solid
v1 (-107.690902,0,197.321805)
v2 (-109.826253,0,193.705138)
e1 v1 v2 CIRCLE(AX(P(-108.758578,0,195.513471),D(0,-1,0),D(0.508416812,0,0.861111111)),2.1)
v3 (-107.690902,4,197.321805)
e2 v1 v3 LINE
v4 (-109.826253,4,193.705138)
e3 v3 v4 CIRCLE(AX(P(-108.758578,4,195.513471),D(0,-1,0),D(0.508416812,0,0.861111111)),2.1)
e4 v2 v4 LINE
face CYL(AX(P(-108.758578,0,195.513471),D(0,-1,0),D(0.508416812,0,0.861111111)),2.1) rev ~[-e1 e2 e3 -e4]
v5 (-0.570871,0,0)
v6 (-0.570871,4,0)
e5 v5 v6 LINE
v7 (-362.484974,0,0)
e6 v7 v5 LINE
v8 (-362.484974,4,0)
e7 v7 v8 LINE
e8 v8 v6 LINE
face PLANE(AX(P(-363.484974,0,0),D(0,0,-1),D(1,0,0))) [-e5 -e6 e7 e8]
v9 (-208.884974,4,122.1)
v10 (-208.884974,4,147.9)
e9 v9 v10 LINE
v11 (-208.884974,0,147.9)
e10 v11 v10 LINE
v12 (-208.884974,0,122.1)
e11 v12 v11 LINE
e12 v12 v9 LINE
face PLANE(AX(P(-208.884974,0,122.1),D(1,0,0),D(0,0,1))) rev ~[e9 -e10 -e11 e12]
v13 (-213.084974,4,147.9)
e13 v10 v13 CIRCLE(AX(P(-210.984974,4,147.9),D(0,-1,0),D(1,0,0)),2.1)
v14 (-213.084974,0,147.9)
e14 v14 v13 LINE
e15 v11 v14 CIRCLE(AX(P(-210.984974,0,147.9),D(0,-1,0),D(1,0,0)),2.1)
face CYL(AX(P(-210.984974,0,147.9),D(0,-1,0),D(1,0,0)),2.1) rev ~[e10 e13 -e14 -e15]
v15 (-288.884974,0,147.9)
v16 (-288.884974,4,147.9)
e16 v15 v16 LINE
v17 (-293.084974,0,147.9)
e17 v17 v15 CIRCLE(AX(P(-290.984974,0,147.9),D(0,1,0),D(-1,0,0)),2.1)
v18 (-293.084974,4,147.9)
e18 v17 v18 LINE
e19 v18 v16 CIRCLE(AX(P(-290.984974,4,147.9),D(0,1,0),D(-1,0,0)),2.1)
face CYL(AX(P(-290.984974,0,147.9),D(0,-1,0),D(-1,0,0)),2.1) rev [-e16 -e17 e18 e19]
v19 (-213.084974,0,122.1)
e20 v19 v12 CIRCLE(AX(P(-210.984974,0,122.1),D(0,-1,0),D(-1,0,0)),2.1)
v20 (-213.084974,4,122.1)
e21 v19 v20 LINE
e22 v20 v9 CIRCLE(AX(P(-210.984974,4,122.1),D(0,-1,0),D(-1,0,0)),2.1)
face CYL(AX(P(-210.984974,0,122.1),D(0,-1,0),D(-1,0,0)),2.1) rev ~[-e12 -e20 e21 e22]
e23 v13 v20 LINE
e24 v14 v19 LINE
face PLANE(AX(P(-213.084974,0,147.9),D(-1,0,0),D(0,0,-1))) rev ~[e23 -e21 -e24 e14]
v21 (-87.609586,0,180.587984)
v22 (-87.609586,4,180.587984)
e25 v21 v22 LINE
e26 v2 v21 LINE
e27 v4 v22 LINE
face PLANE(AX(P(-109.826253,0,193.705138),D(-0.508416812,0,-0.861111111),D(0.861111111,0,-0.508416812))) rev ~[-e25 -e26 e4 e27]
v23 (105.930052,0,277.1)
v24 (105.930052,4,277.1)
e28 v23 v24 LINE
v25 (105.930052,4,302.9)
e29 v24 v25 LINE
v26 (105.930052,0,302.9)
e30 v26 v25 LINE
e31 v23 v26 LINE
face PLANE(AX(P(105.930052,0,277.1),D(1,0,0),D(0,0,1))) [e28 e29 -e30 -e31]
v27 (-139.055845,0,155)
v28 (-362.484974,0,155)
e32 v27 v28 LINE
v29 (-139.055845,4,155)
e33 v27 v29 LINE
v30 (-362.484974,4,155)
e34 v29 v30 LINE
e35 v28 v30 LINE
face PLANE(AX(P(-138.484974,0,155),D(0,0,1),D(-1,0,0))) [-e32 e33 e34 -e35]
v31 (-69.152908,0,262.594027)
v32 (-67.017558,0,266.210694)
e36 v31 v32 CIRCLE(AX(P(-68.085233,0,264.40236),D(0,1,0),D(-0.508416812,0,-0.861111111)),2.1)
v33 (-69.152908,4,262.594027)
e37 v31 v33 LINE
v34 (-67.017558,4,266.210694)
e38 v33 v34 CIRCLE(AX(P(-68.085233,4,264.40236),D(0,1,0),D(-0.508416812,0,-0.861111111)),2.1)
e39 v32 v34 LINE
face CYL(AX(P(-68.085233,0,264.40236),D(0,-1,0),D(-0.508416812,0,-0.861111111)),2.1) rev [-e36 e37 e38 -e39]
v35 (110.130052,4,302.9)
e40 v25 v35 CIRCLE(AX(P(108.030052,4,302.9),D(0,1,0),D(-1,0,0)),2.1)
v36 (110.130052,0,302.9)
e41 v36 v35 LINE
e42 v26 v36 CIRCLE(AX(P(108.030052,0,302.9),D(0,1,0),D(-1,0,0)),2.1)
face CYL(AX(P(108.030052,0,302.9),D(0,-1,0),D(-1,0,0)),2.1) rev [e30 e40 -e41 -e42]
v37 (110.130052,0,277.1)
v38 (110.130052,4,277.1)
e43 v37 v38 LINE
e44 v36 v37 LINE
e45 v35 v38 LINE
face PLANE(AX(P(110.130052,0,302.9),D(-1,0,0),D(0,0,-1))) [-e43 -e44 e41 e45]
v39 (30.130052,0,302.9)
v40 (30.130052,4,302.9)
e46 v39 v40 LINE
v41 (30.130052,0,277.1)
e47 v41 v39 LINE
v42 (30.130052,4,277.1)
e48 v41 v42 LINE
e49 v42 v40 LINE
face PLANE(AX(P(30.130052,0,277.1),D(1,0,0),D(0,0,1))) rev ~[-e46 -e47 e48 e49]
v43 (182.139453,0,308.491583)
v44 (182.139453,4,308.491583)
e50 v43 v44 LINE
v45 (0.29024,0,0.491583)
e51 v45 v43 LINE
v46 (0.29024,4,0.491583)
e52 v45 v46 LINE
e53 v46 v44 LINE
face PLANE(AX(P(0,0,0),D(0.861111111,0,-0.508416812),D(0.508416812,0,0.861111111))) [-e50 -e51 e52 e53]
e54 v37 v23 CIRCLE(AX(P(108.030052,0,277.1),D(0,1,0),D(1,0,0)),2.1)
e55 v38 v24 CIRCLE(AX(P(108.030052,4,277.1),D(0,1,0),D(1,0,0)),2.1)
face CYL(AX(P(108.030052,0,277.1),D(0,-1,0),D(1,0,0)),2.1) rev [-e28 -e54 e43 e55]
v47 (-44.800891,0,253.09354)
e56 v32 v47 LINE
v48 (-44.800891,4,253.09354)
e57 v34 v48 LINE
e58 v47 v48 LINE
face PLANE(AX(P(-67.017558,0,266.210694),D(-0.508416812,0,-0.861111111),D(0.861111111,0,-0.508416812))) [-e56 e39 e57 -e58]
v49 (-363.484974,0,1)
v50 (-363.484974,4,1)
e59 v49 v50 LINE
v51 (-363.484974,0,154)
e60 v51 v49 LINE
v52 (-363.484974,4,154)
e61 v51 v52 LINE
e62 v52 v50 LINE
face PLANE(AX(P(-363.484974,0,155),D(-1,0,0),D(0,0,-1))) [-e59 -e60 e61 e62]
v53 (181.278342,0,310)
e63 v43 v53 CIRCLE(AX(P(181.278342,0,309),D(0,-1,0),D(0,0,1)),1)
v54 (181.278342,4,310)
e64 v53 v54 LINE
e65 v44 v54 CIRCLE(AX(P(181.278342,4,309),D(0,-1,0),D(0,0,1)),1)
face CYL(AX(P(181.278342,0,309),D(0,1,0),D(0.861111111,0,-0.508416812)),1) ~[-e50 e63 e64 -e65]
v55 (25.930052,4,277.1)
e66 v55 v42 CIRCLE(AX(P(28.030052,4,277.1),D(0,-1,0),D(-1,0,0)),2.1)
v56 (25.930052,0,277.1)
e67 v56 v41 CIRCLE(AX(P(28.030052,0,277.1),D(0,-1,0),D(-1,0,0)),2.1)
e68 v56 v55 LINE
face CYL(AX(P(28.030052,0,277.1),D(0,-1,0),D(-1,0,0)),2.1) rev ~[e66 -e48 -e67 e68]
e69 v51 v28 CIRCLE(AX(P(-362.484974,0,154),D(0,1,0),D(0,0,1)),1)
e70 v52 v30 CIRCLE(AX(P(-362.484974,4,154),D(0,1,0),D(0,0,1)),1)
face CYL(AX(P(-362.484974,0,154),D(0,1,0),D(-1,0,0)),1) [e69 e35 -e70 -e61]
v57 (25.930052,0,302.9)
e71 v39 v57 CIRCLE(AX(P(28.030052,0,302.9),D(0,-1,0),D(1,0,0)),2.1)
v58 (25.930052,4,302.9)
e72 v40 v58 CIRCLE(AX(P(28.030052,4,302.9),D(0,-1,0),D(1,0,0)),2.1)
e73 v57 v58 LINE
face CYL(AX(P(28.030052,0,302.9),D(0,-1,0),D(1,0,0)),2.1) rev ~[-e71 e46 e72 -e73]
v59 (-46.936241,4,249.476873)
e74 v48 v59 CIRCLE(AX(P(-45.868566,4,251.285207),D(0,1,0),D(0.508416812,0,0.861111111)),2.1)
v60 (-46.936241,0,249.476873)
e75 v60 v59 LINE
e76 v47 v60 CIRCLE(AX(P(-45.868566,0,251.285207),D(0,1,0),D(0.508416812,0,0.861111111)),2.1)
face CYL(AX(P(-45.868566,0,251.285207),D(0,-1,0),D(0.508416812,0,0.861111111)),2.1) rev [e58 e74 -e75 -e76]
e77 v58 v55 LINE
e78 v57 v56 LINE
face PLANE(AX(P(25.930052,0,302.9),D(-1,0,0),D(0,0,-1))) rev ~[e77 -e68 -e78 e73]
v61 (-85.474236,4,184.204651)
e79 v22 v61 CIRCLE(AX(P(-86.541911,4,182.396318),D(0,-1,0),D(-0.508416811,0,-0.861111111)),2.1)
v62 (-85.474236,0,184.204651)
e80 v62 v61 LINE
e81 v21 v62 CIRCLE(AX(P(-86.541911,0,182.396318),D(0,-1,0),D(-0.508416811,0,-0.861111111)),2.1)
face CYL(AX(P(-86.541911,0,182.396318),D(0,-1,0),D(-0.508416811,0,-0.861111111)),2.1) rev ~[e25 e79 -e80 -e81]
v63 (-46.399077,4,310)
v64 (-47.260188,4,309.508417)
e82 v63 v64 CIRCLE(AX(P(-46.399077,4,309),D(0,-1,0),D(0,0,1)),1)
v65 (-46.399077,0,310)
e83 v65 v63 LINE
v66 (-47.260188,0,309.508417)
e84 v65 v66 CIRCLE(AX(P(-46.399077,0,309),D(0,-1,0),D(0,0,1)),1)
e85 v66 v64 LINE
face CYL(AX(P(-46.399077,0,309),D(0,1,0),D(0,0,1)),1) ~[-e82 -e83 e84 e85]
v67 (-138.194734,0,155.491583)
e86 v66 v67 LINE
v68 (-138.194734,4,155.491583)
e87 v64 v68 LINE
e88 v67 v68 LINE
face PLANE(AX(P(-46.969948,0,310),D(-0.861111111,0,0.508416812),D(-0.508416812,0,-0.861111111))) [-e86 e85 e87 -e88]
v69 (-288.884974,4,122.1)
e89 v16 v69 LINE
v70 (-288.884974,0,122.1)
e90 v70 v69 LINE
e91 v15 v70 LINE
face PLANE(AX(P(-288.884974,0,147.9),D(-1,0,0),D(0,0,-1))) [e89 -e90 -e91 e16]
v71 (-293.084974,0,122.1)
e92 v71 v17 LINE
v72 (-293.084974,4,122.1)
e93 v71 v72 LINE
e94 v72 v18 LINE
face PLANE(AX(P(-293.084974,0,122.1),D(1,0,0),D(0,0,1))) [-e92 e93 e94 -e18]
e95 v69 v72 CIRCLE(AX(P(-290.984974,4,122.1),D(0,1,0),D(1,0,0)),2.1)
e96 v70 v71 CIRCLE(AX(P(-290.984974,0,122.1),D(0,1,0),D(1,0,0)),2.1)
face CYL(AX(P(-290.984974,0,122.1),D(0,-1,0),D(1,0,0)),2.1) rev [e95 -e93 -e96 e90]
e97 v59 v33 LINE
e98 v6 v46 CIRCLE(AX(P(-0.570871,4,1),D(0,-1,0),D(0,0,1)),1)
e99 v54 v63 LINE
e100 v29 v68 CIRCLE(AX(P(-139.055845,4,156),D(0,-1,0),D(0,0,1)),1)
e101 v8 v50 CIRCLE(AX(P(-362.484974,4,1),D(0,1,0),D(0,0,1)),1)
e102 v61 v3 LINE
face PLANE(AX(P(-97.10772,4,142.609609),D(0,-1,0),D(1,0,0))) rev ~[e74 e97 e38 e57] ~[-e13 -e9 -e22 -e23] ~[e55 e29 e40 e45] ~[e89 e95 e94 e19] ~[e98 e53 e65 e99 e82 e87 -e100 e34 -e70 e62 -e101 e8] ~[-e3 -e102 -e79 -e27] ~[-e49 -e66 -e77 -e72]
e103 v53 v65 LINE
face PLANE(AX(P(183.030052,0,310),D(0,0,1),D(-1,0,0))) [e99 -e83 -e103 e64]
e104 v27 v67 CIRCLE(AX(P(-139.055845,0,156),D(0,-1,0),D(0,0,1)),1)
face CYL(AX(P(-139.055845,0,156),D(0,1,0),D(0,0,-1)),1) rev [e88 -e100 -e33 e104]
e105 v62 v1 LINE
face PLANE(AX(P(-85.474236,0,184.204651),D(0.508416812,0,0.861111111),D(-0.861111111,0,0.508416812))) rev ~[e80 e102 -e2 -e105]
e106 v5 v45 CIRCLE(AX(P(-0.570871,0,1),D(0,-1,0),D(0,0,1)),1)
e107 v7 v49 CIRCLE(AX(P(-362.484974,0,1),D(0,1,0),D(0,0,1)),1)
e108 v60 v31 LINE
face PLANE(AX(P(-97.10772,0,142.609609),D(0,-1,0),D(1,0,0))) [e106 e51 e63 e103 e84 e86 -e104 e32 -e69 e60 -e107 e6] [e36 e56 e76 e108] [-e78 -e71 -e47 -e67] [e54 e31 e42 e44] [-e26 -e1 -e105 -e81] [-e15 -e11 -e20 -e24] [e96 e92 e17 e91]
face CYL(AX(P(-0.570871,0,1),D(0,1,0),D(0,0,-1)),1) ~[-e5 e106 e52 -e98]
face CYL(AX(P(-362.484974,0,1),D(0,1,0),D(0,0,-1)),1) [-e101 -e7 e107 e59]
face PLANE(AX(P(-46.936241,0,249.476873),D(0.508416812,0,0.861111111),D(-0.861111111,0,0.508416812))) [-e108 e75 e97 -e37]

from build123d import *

# Parameters (mm, degrees)
BOSS_EXTRUDE1_DEPTH = 4
FILLET1_R           = 1


with BuildPart() as part:
    # Sketch1 → Boss-Extrude1 (new body)
    with BuildSketch(Plane(origin=(0, 0, 0), x_dir=(-1, 0, 0), z_dir=(0, 1, 0))):
        Polygon((363.484973911, 0), (0, 0), (-183.030052177, 310), (46.969947823, 310), (138.484973911, 155), (363.484973911, 155), align=None)
        with BuildLine():
            ThreePointArc((288.884973911, 122.1), (290.984973911, 120), (293.084973911, 122.1))
            Line((293.084973911, 122.1), (293.084973911, 147.9))
            ThreePointArc((293.084973911, 147.9), (290.984973911, 150), (288.884973911, 147.9))
            Line((288.884973911, 147.9), (288.884973911, 122.1))
        make_face(mode=Mode.SUBTRACT)
        with BuildLine():
            ThreePointArc((69.152908152, 262.594027053), (69.893566181, 265.470035691), (67.017557543, 266.21069372))
            Line((67.017557543, 266.21069372), (44.800890876, 253.09353998))
            ThreePointArc((44.800890876, 253.09353998), (44.060232847, 250.217531343), (46.936241485, 249.476873314))
            Line((46.936241485, 249.476873314), (69.152908152, 262.594027053))
        make_face(mode=Mode.SUBTRACT)
        with BuildLine():
            ThreePointArc((-110.130052177, 277.1), (-108.030052177, 275), (-105.930052177, 277.1))
            Line((-105.930052177, 277.1), (-105.930052177, 302.9))
            ThreePointArc((-105.930052177, 302.9), (-108.030052177, 305), (-110.130052177, 302.9))
            Line((-110.130052177, 302.9), (-110.130052177, 277.1))
        make_face(mode=Mode.SUBTRACT)
        with BuildLine():
            Line((-25.930052177, 302.9), (-25.930052177, 277.1))
            ThreePointArc((-25.930052177, 277.1), (-28.030052177, 275), (-30.130052177, 277.1))
            Line((-30.130052177, 277.1), (-30.130052177, 302.9))
            ThreePointArc((-30.130052177, 302.9), (-28.030052177, 305), (-25.930052177, 302.9))
        make_face(mode=Mode.SUBTRACT)
        with BuildLine():
            Line((85.474235805, 184.204651092), (107.690902471, 197.321804831))
            ThreePointArc((107.690902471, 197.321804831), (110.566911109, 196.581146802), (109.82625308, 193.705138164))
            Line((109.82625308, 193.705138164), (87.609586413, 180.587984425))
            ThreePointArc((87.609586413, 180.587984425), (84.733577776, 181.328642454), (85.474235805, 184.204651092))
        make_face(mode=Mode.SUBTRACT)
        with BuildLine():
            Line((213.084973911, 147.9), (213.084973911, 122.1))
            ThreePointArc((213.084973911, 122.1), (210.984973911, 120), (208.884973911, 122.1))
            Line((208.884973911, 122.1), (208.884973911, 147.9))
            ThreePointArc((208.884973911, 147.9), (210.984973911, 150), (213.084973911, 147.9))
        make_face(mode=Mode.SUBTRACT)
    extrude(amount=BOSS_EXTRUDE1_DEPTH)

    # Fillet1
    fillet1_edges = [part.edges().sort_by_distance(p)[0] for p in [
        (0, 2, 0),
        (183.030052177, 2, 310),
        (-46.969947823, 2, 310),
        (-138.484973911, 2, 155),
        (-363.484973911, 2, 155),
        (-363.484973911, 2, 0),
    ]]
    fillet(fillet1_edges, radius=FILLET1_R)


solid = part.part
